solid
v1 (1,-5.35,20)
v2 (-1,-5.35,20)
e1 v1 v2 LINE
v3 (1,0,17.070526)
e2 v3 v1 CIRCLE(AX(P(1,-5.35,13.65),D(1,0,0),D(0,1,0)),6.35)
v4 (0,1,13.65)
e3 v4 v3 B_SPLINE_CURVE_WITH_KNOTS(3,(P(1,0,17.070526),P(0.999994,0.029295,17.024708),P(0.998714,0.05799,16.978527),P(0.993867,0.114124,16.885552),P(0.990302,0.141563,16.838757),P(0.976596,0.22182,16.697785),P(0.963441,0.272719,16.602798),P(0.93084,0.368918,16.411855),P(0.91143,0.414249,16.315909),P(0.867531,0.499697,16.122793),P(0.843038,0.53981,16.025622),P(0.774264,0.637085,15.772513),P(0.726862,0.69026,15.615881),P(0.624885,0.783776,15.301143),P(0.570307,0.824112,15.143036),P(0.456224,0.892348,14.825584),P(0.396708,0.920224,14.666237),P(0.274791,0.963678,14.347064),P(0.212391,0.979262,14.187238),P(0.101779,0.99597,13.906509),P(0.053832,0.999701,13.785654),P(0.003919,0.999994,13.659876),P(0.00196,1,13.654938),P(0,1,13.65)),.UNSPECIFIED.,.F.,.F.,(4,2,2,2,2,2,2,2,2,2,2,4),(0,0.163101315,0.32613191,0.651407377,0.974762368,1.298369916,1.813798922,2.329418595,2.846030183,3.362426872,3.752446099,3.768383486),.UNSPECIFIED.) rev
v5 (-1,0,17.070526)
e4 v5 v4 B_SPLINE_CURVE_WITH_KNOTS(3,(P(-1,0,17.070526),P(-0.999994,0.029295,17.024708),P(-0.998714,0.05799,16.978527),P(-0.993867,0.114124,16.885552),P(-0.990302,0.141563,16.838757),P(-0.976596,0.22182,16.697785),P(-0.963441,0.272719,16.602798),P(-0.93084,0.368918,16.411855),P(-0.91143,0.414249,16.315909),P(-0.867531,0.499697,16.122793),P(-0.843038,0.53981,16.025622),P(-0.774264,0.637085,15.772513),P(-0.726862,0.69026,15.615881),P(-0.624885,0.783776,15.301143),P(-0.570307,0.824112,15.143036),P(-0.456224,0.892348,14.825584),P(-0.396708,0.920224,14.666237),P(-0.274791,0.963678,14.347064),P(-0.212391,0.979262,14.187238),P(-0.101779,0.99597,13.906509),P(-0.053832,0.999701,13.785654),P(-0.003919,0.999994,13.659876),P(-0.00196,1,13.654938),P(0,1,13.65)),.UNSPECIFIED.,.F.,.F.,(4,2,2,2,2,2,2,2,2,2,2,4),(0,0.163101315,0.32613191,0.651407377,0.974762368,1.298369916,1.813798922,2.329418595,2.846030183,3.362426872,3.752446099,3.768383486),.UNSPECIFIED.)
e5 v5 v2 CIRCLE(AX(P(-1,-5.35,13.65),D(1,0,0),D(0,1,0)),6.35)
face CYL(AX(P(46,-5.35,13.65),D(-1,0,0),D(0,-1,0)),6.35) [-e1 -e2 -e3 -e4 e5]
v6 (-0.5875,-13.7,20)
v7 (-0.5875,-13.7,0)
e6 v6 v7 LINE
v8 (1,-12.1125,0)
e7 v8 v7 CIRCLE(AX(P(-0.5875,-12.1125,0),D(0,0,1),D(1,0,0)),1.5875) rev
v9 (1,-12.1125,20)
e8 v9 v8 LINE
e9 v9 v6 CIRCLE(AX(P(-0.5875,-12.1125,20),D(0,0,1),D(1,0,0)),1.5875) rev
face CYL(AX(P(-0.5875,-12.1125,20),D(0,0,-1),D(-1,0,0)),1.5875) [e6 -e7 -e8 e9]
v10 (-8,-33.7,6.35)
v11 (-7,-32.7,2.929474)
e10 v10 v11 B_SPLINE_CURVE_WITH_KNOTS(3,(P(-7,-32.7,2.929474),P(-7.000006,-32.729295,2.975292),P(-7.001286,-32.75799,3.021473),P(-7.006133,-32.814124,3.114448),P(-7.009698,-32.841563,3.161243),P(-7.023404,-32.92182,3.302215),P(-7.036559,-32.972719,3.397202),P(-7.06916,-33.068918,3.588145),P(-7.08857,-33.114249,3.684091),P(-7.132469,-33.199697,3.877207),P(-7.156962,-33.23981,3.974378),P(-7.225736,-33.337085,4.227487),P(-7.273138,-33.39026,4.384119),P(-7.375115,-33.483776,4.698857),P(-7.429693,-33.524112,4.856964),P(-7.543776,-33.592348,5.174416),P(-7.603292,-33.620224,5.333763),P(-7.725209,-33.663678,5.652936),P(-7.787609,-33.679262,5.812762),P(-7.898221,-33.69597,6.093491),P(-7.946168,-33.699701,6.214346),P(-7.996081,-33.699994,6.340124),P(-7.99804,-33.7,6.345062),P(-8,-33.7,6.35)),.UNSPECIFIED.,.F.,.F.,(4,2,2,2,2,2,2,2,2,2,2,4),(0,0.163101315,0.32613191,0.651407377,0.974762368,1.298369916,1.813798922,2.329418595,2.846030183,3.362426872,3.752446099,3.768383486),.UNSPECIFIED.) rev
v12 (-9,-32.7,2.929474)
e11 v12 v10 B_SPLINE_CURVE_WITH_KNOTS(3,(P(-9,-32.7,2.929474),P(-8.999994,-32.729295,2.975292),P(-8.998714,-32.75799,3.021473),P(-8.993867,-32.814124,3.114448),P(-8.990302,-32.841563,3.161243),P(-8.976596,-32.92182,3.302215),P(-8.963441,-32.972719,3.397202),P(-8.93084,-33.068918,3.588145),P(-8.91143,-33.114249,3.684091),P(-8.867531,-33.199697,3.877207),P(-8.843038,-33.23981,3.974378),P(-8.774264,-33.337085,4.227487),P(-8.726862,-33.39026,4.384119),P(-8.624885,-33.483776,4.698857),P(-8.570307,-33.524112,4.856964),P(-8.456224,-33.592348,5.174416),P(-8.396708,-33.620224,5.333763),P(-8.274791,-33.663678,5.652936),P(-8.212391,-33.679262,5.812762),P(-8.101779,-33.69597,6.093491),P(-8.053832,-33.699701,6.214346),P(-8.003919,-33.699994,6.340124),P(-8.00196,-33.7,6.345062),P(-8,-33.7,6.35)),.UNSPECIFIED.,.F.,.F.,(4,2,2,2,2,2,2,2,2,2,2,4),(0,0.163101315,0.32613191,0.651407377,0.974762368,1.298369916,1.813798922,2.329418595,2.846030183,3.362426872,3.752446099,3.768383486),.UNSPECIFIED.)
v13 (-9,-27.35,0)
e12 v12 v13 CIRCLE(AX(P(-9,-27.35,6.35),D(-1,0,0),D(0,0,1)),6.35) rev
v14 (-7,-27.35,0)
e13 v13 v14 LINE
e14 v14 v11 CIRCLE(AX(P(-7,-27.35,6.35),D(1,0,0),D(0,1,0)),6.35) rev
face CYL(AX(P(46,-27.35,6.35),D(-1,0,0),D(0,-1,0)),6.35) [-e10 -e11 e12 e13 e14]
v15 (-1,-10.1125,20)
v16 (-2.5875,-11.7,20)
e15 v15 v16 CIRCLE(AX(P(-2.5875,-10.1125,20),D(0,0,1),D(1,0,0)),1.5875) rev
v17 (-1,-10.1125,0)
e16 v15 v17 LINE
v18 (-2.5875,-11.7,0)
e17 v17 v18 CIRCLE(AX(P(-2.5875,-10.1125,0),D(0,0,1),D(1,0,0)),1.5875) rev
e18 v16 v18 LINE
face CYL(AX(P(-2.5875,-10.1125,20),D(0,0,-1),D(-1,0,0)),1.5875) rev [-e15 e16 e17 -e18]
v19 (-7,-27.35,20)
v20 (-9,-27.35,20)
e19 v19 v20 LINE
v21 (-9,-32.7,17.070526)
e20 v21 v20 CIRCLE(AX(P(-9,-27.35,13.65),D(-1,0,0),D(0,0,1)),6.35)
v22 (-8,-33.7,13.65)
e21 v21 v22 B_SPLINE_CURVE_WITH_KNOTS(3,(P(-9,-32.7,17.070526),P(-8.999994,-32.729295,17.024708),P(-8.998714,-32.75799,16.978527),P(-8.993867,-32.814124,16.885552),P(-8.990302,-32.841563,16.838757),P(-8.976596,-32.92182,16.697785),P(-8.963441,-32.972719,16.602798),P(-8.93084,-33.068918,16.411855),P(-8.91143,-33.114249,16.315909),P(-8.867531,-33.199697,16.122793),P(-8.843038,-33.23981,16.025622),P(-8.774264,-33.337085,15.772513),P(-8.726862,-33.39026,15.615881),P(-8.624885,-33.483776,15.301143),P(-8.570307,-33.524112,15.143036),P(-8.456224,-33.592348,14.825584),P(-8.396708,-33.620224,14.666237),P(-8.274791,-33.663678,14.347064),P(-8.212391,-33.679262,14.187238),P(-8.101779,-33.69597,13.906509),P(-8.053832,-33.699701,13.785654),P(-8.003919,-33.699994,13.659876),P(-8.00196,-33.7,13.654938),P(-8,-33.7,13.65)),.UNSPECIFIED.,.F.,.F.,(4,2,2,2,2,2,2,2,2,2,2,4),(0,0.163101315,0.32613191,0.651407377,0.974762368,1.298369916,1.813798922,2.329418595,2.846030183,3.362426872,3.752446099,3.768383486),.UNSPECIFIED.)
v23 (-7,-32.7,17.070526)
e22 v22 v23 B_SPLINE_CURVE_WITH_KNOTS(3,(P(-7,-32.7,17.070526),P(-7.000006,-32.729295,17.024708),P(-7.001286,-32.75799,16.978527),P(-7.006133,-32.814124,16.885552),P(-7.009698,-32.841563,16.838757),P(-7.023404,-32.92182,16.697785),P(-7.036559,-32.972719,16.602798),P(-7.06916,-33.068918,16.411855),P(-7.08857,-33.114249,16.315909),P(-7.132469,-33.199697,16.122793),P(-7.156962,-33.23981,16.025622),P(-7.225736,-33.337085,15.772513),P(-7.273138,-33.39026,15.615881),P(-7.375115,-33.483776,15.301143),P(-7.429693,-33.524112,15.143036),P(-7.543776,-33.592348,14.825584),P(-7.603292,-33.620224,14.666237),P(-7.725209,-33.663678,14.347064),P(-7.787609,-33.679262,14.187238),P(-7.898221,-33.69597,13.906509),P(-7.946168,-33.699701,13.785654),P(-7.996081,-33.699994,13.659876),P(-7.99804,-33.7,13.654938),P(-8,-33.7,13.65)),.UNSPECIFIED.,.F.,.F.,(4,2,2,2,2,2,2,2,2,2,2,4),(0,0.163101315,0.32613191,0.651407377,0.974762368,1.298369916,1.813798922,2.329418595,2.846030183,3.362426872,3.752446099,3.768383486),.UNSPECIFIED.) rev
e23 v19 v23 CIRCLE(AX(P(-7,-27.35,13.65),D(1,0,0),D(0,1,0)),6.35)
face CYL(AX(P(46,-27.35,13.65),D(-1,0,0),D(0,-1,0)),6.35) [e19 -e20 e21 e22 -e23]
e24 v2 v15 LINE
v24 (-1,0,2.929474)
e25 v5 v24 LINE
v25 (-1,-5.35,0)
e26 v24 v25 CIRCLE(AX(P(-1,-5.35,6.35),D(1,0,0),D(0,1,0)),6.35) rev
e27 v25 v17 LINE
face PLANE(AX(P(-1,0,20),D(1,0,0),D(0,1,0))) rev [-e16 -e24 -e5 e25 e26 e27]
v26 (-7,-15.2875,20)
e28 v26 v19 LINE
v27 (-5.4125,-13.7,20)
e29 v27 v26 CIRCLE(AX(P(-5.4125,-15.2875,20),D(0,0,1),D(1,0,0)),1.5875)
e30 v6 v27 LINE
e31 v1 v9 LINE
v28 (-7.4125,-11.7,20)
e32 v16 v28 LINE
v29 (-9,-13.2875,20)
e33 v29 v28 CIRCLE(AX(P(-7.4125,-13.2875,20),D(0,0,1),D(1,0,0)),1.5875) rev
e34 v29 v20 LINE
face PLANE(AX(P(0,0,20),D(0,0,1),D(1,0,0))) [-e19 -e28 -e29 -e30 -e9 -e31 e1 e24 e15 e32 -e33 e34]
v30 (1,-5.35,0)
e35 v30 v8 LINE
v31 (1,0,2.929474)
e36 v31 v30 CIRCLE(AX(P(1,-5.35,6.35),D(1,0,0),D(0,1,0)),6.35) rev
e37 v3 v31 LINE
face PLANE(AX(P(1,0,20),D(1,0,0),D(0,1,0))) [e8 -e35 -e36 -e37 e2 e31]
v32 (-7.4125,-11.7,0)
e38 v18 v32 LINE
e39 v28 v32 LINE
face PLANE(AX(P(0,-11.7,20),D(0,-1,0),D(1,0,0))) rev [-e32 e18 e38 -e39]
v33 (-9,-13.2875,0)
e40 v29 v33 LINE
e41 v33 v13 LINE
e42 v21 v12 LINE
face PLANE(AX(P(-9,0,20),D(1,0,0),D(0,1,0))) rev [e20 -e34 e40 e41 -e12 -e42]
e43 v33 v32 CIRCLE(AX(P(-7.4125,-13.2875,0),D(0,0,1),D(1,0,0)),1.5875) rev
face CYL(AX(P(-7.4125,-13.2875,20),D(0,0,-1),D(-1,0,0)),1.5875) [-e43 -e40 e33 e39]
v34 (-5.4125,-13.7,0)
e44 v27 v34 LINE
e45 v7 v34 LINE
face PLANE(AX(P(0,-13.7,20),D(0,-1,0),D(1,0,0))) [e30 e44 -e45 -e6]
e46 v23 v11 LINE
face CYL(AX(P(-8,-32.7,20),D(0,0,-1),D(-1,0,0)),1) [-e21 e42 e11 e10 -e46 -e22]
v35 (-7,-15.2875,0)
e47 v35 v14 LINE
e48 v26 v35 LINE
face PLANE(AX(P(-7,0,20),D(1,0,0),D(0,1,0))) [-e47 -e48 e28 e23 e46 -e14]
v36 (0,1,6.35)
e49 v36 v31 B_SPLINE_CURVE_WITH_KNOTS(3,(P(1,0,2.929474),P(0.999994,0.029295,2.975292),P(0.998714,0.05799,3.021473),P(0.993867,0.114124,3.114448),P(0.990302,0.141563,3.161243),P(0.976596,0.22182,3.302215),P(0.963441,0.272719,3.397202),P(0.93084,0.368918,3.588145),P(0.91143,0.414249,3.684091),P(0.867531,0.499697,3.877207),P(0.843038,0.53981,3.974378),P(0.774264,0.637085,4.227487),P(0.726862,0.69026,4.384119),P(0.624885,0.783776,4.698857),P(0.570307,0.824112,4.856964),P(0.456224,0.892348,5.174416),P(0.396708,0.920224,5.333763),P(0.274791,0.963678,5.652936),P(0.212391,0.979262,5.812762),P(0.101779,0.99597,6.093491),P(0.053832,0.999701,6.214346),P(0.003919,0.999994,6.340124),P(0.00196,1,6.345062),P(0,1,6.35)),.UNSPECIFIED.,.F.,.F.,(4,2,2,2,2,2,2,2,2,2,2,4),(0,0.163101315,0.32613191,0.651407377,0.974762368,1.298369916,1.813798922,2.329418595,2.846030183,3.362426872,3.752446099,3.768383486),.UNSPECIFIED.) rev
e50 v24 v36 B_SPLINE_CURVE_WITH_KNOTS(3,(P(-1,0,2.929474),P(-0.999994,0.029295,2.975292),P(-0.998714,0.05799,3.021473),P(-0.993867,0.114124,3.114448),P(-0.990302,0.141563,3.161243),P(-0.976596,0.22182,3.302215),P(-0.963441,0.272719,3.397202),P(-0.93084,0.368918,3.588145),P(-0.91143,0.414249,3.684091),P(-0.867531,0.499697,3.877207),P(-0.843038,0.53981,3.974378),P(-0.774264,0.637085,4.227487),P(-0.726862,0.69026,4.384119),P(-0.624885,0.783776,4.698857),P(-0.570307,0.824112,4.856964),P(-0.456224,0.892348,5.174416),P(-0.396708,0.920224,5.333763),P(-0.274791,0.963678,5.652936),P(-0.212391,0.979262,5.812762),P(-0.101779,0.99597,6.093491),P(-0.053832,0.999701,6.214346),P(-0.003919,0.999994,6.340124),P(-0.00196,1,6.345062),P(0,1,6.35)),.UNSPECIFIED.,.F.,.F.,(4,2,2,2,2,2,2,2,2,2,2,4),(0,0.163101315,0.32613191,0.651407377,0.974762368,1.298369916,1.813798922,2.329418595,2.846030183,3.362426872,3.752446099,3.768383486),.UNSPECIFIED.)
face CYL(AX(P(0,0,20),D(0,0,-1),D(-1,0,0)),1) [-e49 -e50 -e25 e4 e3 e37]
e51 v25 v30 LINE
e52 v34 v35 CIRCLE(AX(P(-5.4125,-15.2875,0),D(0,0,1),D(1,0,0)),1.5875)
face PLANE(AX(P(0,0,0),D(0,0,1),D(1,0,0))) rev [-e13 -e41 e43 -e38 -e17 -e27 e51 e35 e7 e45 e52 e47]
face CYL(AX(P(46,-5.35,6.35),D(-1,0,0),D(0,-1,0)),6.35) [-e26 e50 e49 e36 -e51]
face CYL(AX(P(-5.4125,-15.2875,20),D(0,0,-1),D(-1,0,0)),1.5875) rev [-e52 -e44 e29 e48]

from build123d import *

# Parameters (mm, degrees)
BOSS_EXTRUDE1_DEPTH = 20
CUT_EXTRUDE1_DEPTH  = 55


with BuildPart() as part:
    # Sketch1 → Boss-Extrude1 (new body)
    with BuildSketch(Plane.XY):
        with BuildLine():
            Line((-1, 0), (-1, -10.1125))
            ThreePointArc((-1, -10.1125), (-1.464967985, -11.235032015), (-2.5875, -11.7))
            Line((-2.5875, -11.7), (-7.4125, -11.7))
            ThreePointArc((-7.4125, -11.7), (-8.535032015, -12.164967985), (-9, -13.2875))
            Line((-9, -13.2875), (-9, -32.7))
            ThreePointArc((-9, -32.7), (-8, -33.7), (-7, -32.7))
            Line((-7, -32.7), (-7, -15.2875))
            ThreePointArc((-7, -15.2875), (-6.535032015, -14.164967985), (-5.4125, -13.7))
            Line((-5.4125, -13.7), (-0.5875, -13.7))
            ThreePointArc((-0.5875, -13.7), (0.535032015, -13.235032015), (1, -12.1125))
            Line((1, -12.1125), (1, 0))
            ThreePointArc((1, 0), (0, 1), (-1, 0))
        make_face()
    extrude(amount=BOSS_EXTRUDE1_DEPTH)

    # Sketch2 → Cut-Extrude1 (cut)
    with BuildSketch(Plane.ZY.offset(9)):
        with BuildLine():
            ThreePointArc((0, -5.35), (1.859871939, -0.859871939), (6.35, 1))
            Line((6.35, 1), (0, 1))
            Line((0, 1), (0, -5.35))
        make_face()
        with BuildLine():
            Line((20, 1), (13.65, 1))
            ThreePointArc((13.65, 1), (18.140128061, -0.859871939), (20, -5.35))
            Line((20, -5.35), (20, 1))
        make_face()
        with BuildLine():
            Line((20, -32.7), (20, -27.35))
            ThreePointArc((20, -27.35), (19.219687686, -30.399767053), (17.070526275, -32.7))
            Line((17.070526275, -32.7), (20, -32.7))
        make_face()
        with BuildLine():
            Line((20, -33.7), (20, -32.7))
            Line((20, -32.7), (17.070526275, -32.7))
            ThreePointArc((17.070526275, -32.7), (15.431852968, -33.444874896), (13.65, -33.7))
            Line((13.65, -33.7), (20, -33.7))
        make_face()
        with BuildLine():
            ThreePointArc((2.929473725, -32.7), (0.780312314, -30.399767053), (0, -27.35))
            Line((0, -27.35), (0, -32.7))
            Line((0, -32.7), (2.929473725, -32.7))
        make_face()
        with BuildLine():
            Line((2.929473725, -32.7), (0, -32.7))
            Line((0, -32.7), (0, -33.7))
            Line((0, -33.7), (6.35, -33.7))
            ThreePointArc((6.35, -33.7), (4.568147032, -33.444874896), (2.929473725, -32.7))
        make_face()
    extrude(amount=-CUT_EXTRUDE1_DEPTH, mode=Mode.SUBTRACT)


solid = part.part
